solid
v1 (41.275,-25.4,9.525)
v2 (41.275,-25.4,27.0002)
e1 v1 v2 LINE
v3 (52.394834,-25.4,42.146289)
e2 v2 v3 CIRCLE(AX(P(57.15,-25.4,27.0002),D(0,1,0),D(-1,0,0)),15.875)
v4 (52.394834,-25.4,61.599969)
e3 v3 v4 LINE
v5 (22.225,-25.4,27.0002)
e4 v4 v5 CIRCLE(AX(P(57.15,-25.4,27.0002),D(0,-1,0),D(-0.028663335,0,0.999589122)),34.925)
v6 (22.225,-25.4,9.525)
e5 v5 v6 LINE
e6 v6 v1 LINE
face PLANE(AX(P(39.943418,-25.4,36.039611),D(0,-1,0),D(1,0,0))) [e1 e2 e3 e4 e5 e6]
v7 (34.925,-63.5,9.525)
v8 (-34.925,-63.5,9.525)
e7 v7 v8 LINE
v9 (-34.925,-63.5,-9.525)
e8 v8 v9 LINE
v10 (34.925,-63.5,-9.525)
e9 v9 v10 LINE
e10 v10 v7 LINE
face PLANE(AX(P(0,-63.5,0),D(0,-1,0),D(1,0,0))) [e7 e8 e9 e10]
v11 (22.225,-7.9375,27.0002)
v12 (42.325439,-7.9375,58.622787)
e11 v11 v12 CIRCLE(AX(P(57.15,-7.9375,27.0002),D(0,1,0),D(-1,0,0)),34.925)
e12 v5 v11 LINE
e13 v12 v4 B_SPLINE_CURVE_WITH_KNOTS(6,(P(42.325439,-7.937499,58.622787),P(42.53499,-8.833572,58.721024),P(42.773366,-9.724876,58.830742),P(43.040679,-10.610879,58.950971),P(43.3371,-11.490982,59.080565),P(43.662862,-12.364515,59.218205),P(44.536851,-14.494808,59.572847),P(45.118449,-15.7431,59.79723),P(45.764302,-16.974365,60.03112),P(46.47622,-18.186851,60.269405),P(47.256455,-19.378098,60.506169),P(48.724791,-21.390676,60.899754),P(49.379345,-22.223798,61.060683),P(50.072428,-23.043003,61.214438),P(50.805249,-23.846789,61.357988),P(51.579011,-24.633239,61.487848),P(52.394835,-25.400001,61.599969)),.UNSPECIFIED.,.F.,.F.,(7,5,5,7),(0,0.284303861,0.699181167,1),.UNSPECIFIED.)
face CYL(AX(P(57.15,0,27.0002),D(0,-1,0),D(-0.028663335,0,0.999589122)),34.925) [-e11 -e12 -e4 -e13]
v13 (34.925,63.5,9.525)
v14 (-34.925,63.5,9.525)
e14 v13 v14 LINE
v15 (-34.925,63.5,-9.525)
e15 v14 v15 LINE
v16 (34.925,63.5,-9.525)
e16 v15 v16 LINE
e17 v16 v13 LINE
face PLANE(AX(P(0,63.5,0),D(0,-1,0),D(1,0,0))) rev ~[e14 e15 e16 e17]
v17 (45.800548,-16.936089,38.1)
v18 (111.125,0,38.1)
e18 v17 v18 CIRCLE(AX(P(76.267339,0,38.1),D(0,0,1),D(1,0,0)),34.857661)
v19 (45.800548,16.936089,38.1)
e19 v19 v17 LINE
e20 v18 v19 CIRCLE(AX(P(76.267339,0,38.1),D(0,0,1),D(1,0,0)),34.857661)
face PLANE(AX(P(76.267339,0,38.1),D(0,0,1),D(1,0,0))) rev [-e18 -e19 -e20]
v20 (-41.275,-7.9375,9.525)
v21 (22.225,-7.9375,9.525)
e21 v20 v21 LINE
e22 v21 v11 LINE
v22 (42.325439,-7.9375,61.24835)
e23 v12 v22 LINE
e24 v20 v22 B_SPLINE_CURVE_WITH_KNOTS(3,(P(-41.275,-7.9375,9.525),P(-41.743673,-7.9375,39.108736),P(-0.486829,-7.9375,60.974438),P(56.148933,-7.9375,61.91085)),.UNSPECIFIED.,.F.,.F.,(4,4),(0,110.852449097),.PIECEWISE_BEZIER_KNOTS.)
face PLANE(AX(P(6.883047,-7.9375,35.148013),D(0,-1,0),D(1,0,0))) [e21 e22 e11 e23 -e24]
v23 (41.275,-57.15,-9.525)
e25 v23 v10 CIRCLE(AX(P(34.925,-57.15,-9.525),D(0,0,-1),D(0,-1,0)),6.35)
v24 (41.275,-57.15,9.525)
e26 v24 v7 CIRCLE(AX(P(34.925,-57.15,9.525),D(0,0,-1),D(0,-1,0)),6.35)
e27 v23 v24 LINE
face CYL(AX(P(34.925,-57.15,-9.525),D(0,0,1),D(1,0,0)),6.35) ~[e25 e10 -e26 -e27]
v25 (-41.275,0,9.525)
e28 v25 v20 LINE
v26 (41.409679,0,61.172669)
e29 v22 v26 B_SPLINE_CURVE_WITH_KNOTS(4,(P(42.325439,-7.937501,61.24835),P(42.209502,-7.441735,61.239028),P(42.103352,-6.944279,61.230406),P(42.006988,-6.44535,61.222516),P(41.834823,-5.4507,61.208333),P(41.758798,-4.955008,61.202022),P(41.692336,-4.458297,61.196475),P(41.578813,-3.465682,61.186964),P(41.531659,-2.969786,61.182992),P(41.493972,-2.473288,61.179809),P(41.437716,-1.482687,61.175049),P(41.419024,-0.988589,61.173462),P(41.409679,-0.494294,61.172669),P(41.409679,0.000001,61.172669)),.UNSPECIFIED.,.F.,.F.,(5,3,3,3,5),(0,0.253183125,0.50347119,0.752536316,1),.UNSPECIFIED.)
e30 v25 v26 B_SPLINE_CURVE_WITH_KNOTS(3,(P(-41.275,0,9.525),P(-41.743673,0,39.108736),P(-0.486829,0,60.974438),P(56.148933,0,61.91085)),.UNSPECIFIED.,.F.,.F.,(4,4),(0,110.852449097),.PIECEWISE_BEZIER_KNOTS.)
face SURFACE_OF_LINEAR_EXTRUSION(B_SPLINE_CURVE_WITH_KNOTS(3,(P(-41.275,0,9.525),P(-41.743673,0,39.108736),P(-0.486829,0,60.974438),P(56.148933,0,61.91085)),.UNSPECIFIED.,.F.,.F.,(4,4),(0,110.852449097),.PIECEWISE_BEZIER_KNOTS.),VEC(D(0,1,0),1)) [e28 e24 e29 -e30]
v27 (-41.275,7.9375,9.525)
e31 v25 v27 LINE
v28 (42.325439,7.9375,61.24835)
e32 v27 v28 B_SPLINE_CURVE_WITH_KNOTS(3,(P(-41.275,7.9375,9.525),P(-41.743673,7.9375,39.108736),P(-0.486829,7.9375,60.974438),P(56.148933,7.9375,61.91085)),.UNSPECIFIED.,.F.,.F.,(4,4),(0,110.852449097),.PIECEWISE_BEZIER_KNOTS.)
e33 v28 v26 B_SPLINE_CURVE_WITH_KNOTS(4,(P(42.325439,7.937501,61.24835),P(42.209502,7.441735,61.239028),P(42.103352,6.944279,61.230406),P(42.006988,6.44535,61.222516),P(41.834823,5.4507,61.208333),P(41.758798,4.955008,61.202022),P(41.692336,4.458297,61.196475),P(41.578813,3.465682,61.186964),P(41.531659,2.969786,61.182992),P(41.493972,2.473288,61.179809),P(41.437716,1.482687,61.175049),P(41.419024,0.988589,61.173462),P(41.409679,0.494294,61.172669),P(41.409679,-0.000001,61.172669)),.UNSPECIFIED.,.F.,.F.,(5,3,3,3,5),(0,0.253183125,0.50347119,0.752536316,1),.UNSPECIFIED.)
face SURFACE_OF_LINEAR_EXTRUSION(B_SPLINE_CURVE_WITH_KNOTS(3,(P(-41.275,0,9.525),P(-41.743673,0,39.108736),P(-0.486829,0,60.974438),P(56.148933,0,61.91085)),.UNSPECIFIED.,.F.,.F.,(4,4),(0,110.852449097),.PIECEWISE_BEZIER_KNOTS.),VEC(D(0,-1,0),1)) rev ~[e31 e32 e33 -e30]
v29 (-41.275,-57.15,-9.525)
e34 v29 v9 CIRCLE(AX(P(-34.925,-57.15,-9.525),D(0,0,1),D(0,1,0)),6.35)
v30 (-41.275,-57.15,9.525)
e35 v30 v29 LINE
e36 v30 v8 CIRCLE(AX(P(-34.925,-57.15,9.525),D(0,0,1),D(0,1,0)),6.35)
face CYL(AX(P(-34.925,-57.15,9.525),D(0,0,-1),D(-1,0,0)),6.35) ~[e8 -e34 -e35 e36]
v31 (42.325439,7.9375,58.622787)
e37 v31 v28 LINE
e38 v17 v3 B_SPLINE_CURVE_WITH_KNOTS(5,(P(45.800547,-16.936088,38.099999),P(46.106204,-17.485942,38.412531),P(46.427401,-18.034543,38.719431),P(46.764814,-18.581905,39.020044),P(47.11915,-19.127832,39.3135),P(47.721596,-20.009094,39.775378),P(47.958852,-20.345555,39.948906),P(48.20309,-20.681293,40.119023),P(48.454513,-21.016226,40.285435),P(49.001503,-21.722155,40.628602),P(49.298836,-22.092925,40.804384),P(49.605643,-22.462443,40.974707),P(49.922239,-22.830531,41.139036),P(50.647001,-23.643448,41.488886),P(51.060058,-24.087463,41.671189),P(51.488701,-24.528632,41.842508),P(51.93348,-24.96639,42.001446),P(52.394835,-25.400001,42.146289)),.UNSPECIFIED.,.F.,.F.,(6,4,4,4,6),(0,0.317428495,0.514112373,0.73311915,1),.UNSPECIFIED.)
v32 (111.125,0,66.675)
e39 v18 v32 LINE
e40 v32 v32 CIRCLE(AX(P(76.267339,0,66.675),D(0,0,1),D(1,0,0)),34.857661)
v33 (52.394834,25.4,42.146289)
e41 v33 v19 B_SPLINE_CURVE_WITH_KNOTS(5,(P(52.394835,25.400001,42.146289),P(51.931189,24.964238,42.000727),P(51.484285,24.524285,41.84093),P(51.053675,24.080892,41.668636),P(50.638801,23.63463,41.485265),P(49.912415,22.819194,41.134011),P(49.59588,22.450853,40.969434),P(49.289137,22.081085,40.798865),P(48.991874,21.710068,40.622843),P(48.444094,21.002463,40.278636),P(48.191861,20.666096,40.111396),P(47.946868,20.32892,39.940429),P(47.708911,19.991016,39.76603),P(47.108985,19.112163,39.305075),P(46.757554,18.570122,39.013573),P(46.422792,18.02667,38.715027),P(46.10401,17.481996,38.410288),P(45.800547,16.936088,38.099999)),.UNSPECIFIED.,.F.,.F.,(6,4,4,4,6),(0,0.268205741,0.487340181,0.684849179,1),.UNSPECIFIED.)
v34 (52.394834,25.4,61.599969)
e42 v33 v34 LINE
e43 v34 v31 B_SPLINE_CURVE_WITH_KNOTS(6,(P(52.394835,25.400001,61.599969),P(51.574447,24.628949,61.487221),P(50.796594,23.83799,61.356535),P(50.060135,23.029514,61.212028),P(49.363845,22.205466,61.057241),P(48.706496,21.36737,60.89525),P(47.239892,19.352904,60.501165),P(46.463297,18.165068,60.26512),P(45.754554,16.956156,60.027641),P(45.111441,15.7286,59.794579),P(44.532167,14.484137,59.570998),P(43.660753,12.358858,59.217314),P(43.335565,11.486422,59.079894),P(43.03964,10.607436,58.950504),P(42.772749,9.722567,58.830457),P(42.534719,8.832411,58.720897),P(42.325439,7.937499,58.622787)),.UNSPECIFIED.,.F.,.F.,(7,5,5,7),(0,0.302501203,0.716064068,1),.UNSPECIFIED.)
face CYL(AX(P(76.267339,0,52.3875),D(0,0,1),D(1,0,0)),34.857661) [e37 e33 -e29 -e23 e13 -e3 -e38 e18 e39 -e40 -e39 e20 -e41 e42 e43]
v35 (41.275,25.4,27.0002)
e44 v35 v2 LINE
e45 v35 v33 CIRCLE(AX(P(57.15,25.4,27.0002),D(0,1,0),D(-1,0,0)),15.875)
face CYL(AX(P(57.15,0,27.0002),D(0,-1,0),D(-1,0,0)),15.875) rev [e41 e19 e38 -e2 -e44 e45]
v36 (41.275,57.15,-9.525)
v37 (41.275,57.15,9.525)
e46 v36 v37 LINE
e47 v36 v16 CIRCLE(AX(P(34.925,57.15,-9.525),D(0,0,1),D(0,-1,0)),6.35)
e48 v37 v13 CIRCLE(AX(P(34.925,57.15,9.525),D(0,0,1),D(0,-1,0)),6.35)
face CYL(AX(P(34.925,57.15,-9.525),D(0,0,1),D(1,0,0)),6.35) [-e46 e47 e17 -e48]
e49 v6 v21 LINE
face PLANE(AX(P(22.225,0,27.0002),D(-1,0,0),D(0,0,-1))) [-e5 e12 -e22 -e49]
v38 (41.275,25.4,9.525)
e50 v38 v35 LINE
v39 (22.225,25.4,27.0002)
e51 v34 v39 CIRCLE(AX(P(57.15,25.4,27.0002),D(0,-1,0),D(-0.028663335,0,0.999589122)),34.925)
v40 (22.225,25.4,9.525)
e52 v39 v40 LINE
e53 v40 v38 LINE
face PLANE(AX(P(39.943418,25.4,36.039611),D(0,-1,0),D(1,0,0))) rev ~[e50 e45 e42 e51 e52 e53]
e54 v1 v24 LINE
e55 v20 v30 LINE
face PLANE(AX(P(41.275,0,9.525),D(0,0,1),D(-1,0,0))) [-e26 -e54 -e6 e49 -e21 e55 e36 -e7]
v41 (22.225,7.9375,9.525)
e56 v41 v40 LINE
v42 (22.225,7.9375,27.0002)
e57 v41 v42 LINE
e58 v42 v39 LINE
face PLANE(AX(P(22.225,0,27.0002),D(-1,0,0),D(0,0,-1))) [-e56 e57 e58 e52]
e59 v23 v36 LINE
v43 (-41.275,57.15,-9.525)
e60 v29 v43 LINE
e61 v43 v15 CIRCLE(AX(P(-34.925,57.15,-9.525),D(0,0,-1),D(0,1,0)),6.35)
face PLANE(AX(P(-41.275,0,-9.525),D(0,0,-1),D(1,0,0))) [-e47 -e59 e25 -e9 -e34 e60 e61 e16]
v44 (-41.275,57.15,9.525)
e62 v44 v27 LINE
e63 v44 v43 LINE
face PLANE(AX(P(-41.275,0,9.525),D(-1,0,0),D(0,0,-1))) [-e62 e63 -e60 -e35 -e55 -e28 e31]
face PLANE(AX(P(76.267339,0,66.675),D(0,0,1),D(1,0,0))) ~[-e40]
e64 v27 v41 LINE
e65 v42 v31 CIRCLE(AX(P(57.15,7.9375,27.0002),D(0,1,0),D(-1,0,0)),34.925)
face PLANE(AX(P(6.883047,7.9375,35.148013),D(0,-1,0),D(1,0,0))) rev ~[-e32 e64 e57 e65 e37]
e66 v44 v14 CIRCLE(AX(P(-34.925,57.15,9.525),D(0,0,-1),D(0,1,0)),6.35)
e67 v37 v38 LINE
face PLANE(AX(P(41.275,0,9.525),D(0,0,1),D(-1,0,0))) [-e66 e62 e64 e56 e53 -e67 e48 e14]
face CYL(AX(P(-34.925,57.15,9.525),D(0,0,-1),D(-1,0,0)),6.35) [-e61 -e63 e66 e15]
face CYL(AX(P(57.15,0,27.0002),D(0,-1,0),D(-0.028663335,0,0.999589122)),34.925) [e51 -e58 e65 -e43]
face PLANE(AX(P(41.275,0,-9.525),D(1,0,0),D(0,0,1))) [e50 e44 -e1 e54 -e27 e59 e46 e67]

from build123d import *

# Parameters (mm, degrees)
F1_DEPTH = 63.5
F2_DEPTH = 25.4
F3_DEPTH = 7.9375
F0_W     = 34.8576607108
F0_H     = 28.575
F5_R     = 6.35


with BuildPart() as f1:
    # F0 (on Front) → F1 (new body, symmetric)
    with BuildSketch(Plane.XZ):
        Polygon((41.275, -9.525), (41.275, 9.525), (22.225, 9.525), (-41.275, 9.525), (-41.275, -9.525), align=None)
    extrude(amount=F1_DEPTH, both=True)

    # F0 (on Front) → F2 (join, symmetric)
    with BuildSketch(Plane.XZ):
        with BuildLine():
            Line((22.225, 9.525), (41.275, 9.525))
            Line((41.275, 9.525), (41.275, 27.0002))
            ThreePointArc((41.275, 27.0002), (45.9246798487, 38.2255201513), (57.15, 42.8752))
            Line((57.15, 42.8752), (60.325, 42.8752))
            Line((60.325, 42.8752), (60.325, 61.9252))
            Line((60.325, 61.9252), (57.15, 61.9252))
            add(Edge.make_bspline(
                [(56.1489330391, 61.9108500933), (56.4820916487, 61.9163585196), (56.8157824233, 61.9211427182), (57.15, 61.9252)],
                knots=[110.8524490967, 110.8524490967, 110.8524490967, 110.8524490967, 111.5045361635, 111.5045361635, 111.5045361635, 111.5045361635], degree=3))
            ThreePointArc((56.1489330391, 61.9108500933), (32.102865547, 51.3394004942), (22.225, 27.0002))
            Line((22.225, 27.0002), (22.225, 9.525))
        make_face()
    extrude(amount=F2_DEPTH, both=True)

    # F0 (on Front) → F3 (join, symmetric)
    with BuildSketch(Plane.XZ):
        with BuildLine():
            Line((-41.275, 9.525), (22.225, 9.525))
            Line((22.225, 9.525), (22.225, 27.0002))
            ThreePointArc((22.225, 27.0002), (32.102865547, 51.3394004942), (56.1489330391, 61.9108500933))
            add(Edge.make_bspline(
                [(-41.275, 9.525), (-41.7436731397, 39.1087358459), (-0.4868287897, 60.9744375078), (56.1489330391, 61.9108500933)],
                knots=[0, 0, 0, 0, 110.8524490967, 110.8524490967, 110.8524490967, 110.8524490967], degree=3))
        make_face()
    extrude(amount=F3_DEPTH, both=True)

    # F0 (on Front) → F4 (revolve)
    with BuildSketch(Plane.XZ):
        with Locations((93.6961696446, 52.3875)):
            Rectangle(F0_W, F0_H)
    revolve(axis=Axis((76.2673392892, 0, 52.3875), (0, 0, 1)))

    # F5
    f5_edges = [f1.edges().sort_by_distance(p)[0] for p in [
        (-41.275, -63.5, 0),
        (41.275, -63.5, 0),
        (41.275, 63.5, 0),
        (-41.275, 63.5, 0),
    ]]
    fillet(f5_edges, radius=F5_R)


solid = f1.part
